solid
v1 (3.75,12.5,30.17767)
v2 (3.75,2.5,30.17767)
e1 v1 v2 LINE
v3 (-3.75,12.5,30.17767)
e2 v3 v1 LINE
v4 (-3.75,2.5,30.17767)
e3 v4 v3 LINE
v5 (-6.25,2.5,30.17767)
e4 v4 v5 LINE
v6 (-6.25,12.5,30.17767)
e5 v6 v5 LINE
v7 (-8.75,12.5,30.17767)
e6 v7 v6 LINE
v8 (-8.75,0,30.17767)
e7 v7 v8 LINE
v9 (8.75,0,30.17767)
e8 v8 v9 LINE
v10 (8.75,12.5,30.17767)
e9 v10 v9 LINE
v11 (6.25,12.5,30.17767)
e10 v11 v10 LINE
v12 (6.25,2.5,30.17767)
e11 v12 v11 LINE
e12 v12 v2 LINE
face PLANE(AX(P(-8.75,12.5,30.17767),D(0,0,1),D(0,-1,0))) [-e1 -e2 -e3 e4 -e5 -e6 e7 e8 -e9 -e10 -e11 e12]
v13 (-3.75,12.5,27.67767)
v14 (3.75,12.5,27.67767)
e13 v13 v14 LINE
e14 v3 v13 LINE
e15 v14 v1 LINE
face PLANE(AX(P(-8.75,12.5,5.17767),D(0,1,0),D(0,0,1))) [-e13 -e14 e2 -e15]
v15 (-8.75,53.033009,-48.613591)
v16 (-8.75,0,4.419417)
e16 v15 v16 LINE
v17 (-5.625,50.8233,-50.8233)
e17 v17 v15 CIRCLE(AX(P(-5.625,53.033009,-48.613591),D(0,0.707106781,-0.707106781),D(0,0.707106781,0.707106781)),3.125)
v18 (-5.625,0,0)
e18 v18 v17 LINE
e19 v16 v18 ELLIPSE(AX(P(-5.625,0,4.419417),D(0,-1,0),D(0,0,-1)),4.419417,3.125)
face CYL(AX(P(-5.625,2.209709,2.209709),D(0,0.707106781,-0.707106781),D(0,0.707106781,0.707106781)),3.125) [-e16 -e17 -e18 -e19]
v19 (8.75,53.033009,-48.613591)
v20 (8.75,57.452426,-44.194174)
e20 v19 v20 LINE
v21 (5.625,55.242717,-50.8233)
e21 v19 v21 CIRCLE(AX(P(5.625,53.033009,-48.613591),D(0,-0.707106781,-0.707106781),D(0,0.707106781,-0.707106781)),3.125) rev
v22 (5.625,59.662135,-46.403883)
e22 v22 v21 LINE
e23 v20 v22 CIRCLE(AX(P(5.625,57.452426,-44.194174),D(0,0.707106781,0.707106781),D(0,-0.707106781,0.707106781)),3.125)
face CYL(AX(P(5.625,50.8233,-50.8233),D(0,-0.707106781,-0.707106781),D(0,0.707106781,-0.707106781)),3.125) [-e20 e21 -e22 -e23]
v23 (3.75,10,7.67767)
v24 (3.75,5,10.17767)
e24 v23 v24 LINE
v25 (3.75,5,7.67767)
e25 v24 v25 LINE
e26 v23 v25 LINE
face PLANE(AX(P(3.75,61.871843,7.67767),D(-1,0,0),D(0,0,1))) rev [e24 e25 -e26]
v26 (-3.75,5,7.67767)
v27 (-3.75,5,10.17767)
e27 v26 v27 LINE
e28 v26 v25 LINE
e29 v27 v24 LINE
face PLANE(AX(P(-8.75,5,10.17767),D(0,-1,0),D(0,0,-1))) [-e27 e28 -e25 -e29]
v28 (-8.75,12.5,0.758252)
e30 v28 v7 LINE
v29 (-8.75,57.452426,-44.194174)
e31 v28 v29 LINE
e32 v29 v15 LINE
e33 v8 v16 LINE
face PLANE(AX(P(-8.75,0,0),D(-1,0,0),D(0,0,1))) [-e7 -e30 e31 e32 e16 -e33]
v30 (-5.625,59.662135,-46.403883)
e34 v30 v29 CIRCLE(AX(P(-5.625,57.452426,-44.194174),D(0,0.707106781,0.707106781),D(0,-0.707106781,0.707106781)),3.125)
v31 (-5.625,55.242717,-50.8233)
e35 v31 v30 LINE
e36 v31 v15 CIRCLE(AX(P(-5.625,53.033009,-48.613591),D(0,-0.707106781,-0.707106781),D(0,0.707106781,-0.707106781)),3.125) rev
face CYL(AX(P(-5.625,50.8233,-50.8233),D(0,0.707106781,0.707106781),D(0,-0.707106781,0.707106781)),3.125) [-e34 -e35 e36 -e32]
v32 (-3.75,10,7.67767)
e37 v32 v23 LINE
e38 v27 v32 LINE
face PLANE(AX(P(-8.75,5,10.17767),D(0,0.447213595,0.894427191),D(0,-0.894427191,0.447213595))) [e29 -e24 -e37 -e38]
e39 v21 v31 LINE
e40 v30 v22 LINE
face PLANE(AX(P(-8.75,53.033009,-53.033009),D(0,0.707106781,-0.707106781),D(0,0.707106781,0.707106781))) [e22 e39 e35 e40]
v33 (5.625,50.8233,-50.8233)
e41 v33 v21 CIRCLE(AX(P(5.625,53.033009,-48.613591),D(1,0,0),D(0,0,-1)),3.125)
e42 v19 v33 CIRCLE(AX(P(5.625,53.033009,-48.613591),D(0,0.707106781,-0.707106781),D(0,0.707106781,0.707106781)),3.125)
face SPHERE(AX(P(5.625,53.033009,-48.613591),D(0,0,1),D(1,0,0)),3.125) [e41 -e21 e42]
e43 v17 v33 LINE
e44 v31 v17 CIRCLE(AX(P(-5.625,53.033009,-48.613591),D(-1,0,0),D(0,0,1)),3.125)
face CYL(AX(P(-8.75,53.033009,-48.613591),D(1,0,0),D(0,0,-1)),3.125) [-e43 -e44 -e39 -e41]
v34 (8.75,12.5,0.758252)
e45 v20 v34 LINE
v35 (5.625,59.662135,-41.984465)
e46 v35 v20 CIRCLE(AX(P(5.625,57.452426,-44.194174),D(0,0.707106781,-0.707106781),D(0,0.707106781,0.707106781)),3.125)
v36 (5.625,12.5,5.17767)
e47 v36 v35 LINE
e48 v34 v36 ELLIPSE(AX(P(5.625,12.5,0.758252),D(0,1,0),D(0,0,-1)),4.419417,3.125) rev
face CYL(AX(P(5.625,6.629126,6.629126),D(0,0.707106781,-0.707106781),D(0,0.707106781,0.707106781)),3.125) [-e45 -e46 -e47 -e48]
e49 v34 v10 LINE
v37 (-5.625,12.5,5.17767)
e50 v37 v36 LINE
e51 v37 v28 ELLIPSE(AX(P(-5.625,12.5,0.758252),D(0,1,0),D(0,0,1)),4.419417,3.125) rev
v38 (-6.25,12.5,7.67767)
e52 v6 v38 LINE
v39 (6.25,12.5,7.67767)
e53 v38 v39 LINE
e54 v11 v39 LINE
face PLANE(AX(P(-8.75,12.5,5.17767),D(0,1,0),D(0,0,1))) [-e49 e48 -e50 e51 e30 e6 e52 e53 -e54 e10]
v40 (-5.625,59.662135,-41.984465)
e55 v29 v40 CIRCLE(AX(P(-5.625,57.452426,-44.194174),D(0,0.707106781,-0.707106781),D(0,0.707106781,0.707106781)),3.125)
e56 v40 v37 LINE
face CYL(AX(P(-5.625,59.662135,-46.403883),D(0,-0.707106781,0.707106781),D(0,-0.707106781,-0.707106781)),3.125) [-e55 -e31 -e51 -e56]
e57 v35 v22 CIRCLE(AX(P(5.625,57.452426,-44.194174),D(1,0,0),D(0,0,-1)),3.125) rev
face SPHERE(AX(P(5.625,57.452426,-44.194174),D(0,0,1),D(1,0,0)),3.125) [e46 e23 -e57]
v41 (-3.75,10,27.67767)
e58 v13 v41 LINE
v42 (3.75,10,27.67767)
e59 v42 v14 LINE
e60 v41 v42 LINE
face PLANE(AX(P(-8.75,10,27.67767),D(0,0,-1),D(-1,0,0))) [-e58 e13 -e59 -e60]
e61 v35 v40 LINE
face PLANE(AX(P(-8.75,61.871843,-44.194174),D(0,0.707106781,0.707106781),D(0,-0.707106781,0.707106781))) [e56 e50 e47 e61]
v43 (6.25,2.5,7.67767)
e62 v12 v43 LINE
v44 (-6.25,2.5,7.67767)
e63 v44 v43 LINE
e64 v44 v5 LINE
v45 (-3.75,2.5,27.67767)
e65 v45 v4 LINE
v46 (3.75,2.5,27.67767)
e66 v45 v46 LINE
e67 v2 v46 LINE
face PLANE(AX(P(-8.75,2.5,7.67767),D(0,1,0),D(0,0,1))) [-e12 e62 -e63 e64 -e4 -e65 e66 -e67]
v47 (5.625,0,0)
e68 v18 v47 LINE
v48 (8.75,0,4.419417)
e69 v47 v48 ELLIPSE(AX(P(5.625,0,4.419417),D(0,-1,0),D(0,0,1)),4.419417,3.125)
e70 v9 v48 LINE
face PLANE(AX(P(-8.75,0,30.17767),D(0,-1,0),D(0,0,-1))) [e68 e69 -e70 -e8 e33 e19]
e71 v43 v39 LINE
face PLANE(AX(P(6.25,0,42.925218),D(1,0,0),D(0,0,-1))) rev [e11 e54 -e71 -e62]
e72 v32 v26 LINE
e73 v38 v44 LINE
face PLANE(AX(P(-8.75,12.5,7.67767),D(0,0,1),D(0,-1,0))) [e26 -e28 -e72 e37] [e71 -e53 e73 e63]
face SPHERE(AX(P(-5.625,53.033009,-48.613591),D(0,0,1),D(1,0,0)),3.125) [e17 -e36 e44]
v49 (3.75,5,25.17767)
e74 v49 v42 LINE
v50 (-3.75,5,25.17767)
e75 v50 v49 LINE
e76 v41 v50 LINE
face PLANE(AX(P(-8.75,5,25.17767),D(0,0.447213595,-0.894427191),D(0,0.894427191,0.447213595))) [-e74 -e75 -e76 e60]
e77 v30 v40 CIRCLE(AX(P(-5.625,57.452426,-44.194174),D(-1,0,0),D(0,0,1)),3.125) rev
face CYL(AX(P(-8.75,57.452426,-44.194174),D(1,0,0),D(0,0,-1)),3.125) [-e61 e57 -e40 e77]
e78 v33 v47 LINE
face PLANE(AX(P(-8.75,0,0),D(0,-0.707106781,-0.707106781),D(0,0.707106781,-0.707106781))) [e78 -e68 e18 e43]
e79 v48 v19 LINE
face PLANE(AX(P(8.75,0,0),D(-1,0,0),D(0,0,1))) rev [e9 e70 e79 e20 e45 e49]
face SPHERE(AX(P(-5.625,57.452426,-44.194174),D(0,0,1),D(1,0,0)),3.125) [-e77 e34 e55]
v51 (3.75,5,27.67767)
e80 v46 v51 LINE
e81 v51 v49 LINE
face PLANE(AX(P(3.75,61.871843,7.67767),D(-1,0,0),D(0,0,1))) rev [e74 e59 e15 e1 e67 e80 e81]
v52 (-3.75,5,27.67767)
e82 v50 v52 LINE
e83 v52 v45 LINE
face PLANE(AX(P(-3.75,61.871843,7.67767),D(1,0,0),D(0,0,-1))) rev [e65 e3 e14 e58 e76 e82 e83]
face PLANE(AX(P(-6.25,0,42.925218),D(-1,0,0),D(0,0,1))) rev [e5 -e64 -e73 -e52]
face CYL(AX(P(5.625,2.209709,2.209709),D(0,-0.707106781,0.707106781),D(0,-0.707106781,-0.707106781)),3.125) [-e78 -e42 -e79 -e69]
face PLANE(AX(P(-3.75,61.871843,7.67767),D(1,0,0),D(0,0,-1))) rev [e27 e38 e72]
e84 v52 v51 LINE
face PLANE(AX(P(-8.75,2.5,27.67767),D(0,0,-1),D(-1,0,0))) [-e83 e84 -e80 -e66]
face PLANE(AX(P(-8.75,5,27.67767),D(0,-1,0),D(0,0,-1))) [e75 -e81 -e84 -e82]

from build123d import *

# Parameters (mm, degrees)
BOSS_EXTRUDE1_DEPTH      = 8.75
BOSS_EXTRUDE1_DEPTH_BACK = 8.75
BOSS_EXTRUDE2_REACH      = 83.958
SKETCH2_W                = 2.5
SKETCH2_H                = 12.5
CUT_EXTRUDE1_START       = 2.5
SKETCH3_W                = 2.5
SKETCH3_H                = 22.5
CUT_EXTRUDE1_DEPTH       = 80.458449839
FILLET1_R                = 3.125


with BuildPart() as part:
    # Sketch1 → Boss-Extrude1 (new, two sides: drawn at the far end of the back side and taken through both)
    with BuildSketch(Plane(origin=(0, 0, 0), x_dir=(0, 0, -1), z_dir=(1, 0, 0)).offset(-BOSS_EXTRUDE1_DEPTH_BACK)):
        Polygon((-27.67766953, 2.5), (-27.67766953, 5), (-25.17766953, 5), (-27.67766953, 10), (-27.67766953, 12.5), (-30.17766953, 12.5), (-30.17766953, 0), (0, 0), (53.033008589, 53.033008589), (44.194173824, 61.871843354), (-5.17766953, 12.5), (-7.67766953, 12.5), (-7.67766953, 10), (-10.17766953, 5), (-7.67766953, 5), (-7.67766953, 2.5), align=None)
    extrude(amount=BOSS_EXTRUDE1_DEPTH + BOSS_EXTRUDE1_DEPTH_BACK)

    # Boss-Extrude2: up to this face of the body (flat: up to its plane)
    boss_extrude2_end = Plane(part.part.faces().sort_by_distance((0, 6.25, 30.17766953))[0])
    # Sketch2 → Boss-Extrude2 (add, up to the picked face)
    with BuildSketch(Plane.XY, mode=Mode.PRIVATE) as boss_extrude2_sk1:
        with Locations((-7.5, 6.25)):
            Rectangle(SKETCH2_W, SKETCH2_H)
    boss_extrude2_tool1 = split(extrude(boss_extrude2_sk1.sketch, amount=BOSS_EXTRUDE2_REACH, mode=Mode.PRIVATE), bisect_by=boss_extrude2_end, keep=Keep.BOTH, mode=Mode.PRIVATE)
    # Sketch2 → Boss-Extrude2 (add, up to the picked face)
    with BuildSketch(Plane.XY, mode=Mode.PRIVATE) as boss_extrude2_sk2:
        with Locations((7.5, 6.25)):
            Rectangle(SKETCH2_W, SKETCH2_H)
    boss_extrude2_tool2 = split(extrude(boss_extrude2_sk2.sketch, amount=BOSS_EXTRUDE2_REACH, mode=Mode.PRIVATE), bisect_by=boss_extrude2_end, keep=Keep.BOTH, mode=Mode.PRIVATE)
    add(boss_extrude2_tool1.solids().sort_by(Axis((-7.5, 6.25, 0), (0, 0, 1)))[0])
    add(boss_extrude2_tool2.solids().sort_by(Axis((7.5, 6.25, 0), (0, 0, 1)))[0])

    # Sketch3 → Cut-Extrude1 (cut, through all)
    with BuildSketch(Plane(origin=(0, 0, 0), x_dir=(1, 0, 0), z_dir=(0, 1, 0)).offset(CUT_EXTRUDE1_START)):
        with Locations((-5, -18.92766953)):
            Rectangle(SKETCH3_W, SKETCH3_H)
        with Locations((5, -18.92766953)):
            Rectangle(SKETCH3_W, SKETCH3_H)
    extrude(amount=CUT_EXTRUDE1_DEPTH, mode=Mode.SUBTRACT)

    # Fillet1
    fillet1_edges = [part.edges().sort_by_distance(p)[0] for p in [
        (0, 61.871843354, -44.194173824),
        (0, 53.033008589, -53.033008589),
        (-8.75, 26.516504294, -26.516504294),
        (-8.75, 57.452425971, -48.613591207),
        (-8.75, 37.185921677, -19.508252147),
        (8.75, 26.516504294, -26.516504294),
        (8.75, 57.452425971, -48.613591207),
        (8.75, 37.185921677, -19.508252147),
    ]]
    fillet(fillet1_edges, radius=FILLET1_R)


solid = part.part
